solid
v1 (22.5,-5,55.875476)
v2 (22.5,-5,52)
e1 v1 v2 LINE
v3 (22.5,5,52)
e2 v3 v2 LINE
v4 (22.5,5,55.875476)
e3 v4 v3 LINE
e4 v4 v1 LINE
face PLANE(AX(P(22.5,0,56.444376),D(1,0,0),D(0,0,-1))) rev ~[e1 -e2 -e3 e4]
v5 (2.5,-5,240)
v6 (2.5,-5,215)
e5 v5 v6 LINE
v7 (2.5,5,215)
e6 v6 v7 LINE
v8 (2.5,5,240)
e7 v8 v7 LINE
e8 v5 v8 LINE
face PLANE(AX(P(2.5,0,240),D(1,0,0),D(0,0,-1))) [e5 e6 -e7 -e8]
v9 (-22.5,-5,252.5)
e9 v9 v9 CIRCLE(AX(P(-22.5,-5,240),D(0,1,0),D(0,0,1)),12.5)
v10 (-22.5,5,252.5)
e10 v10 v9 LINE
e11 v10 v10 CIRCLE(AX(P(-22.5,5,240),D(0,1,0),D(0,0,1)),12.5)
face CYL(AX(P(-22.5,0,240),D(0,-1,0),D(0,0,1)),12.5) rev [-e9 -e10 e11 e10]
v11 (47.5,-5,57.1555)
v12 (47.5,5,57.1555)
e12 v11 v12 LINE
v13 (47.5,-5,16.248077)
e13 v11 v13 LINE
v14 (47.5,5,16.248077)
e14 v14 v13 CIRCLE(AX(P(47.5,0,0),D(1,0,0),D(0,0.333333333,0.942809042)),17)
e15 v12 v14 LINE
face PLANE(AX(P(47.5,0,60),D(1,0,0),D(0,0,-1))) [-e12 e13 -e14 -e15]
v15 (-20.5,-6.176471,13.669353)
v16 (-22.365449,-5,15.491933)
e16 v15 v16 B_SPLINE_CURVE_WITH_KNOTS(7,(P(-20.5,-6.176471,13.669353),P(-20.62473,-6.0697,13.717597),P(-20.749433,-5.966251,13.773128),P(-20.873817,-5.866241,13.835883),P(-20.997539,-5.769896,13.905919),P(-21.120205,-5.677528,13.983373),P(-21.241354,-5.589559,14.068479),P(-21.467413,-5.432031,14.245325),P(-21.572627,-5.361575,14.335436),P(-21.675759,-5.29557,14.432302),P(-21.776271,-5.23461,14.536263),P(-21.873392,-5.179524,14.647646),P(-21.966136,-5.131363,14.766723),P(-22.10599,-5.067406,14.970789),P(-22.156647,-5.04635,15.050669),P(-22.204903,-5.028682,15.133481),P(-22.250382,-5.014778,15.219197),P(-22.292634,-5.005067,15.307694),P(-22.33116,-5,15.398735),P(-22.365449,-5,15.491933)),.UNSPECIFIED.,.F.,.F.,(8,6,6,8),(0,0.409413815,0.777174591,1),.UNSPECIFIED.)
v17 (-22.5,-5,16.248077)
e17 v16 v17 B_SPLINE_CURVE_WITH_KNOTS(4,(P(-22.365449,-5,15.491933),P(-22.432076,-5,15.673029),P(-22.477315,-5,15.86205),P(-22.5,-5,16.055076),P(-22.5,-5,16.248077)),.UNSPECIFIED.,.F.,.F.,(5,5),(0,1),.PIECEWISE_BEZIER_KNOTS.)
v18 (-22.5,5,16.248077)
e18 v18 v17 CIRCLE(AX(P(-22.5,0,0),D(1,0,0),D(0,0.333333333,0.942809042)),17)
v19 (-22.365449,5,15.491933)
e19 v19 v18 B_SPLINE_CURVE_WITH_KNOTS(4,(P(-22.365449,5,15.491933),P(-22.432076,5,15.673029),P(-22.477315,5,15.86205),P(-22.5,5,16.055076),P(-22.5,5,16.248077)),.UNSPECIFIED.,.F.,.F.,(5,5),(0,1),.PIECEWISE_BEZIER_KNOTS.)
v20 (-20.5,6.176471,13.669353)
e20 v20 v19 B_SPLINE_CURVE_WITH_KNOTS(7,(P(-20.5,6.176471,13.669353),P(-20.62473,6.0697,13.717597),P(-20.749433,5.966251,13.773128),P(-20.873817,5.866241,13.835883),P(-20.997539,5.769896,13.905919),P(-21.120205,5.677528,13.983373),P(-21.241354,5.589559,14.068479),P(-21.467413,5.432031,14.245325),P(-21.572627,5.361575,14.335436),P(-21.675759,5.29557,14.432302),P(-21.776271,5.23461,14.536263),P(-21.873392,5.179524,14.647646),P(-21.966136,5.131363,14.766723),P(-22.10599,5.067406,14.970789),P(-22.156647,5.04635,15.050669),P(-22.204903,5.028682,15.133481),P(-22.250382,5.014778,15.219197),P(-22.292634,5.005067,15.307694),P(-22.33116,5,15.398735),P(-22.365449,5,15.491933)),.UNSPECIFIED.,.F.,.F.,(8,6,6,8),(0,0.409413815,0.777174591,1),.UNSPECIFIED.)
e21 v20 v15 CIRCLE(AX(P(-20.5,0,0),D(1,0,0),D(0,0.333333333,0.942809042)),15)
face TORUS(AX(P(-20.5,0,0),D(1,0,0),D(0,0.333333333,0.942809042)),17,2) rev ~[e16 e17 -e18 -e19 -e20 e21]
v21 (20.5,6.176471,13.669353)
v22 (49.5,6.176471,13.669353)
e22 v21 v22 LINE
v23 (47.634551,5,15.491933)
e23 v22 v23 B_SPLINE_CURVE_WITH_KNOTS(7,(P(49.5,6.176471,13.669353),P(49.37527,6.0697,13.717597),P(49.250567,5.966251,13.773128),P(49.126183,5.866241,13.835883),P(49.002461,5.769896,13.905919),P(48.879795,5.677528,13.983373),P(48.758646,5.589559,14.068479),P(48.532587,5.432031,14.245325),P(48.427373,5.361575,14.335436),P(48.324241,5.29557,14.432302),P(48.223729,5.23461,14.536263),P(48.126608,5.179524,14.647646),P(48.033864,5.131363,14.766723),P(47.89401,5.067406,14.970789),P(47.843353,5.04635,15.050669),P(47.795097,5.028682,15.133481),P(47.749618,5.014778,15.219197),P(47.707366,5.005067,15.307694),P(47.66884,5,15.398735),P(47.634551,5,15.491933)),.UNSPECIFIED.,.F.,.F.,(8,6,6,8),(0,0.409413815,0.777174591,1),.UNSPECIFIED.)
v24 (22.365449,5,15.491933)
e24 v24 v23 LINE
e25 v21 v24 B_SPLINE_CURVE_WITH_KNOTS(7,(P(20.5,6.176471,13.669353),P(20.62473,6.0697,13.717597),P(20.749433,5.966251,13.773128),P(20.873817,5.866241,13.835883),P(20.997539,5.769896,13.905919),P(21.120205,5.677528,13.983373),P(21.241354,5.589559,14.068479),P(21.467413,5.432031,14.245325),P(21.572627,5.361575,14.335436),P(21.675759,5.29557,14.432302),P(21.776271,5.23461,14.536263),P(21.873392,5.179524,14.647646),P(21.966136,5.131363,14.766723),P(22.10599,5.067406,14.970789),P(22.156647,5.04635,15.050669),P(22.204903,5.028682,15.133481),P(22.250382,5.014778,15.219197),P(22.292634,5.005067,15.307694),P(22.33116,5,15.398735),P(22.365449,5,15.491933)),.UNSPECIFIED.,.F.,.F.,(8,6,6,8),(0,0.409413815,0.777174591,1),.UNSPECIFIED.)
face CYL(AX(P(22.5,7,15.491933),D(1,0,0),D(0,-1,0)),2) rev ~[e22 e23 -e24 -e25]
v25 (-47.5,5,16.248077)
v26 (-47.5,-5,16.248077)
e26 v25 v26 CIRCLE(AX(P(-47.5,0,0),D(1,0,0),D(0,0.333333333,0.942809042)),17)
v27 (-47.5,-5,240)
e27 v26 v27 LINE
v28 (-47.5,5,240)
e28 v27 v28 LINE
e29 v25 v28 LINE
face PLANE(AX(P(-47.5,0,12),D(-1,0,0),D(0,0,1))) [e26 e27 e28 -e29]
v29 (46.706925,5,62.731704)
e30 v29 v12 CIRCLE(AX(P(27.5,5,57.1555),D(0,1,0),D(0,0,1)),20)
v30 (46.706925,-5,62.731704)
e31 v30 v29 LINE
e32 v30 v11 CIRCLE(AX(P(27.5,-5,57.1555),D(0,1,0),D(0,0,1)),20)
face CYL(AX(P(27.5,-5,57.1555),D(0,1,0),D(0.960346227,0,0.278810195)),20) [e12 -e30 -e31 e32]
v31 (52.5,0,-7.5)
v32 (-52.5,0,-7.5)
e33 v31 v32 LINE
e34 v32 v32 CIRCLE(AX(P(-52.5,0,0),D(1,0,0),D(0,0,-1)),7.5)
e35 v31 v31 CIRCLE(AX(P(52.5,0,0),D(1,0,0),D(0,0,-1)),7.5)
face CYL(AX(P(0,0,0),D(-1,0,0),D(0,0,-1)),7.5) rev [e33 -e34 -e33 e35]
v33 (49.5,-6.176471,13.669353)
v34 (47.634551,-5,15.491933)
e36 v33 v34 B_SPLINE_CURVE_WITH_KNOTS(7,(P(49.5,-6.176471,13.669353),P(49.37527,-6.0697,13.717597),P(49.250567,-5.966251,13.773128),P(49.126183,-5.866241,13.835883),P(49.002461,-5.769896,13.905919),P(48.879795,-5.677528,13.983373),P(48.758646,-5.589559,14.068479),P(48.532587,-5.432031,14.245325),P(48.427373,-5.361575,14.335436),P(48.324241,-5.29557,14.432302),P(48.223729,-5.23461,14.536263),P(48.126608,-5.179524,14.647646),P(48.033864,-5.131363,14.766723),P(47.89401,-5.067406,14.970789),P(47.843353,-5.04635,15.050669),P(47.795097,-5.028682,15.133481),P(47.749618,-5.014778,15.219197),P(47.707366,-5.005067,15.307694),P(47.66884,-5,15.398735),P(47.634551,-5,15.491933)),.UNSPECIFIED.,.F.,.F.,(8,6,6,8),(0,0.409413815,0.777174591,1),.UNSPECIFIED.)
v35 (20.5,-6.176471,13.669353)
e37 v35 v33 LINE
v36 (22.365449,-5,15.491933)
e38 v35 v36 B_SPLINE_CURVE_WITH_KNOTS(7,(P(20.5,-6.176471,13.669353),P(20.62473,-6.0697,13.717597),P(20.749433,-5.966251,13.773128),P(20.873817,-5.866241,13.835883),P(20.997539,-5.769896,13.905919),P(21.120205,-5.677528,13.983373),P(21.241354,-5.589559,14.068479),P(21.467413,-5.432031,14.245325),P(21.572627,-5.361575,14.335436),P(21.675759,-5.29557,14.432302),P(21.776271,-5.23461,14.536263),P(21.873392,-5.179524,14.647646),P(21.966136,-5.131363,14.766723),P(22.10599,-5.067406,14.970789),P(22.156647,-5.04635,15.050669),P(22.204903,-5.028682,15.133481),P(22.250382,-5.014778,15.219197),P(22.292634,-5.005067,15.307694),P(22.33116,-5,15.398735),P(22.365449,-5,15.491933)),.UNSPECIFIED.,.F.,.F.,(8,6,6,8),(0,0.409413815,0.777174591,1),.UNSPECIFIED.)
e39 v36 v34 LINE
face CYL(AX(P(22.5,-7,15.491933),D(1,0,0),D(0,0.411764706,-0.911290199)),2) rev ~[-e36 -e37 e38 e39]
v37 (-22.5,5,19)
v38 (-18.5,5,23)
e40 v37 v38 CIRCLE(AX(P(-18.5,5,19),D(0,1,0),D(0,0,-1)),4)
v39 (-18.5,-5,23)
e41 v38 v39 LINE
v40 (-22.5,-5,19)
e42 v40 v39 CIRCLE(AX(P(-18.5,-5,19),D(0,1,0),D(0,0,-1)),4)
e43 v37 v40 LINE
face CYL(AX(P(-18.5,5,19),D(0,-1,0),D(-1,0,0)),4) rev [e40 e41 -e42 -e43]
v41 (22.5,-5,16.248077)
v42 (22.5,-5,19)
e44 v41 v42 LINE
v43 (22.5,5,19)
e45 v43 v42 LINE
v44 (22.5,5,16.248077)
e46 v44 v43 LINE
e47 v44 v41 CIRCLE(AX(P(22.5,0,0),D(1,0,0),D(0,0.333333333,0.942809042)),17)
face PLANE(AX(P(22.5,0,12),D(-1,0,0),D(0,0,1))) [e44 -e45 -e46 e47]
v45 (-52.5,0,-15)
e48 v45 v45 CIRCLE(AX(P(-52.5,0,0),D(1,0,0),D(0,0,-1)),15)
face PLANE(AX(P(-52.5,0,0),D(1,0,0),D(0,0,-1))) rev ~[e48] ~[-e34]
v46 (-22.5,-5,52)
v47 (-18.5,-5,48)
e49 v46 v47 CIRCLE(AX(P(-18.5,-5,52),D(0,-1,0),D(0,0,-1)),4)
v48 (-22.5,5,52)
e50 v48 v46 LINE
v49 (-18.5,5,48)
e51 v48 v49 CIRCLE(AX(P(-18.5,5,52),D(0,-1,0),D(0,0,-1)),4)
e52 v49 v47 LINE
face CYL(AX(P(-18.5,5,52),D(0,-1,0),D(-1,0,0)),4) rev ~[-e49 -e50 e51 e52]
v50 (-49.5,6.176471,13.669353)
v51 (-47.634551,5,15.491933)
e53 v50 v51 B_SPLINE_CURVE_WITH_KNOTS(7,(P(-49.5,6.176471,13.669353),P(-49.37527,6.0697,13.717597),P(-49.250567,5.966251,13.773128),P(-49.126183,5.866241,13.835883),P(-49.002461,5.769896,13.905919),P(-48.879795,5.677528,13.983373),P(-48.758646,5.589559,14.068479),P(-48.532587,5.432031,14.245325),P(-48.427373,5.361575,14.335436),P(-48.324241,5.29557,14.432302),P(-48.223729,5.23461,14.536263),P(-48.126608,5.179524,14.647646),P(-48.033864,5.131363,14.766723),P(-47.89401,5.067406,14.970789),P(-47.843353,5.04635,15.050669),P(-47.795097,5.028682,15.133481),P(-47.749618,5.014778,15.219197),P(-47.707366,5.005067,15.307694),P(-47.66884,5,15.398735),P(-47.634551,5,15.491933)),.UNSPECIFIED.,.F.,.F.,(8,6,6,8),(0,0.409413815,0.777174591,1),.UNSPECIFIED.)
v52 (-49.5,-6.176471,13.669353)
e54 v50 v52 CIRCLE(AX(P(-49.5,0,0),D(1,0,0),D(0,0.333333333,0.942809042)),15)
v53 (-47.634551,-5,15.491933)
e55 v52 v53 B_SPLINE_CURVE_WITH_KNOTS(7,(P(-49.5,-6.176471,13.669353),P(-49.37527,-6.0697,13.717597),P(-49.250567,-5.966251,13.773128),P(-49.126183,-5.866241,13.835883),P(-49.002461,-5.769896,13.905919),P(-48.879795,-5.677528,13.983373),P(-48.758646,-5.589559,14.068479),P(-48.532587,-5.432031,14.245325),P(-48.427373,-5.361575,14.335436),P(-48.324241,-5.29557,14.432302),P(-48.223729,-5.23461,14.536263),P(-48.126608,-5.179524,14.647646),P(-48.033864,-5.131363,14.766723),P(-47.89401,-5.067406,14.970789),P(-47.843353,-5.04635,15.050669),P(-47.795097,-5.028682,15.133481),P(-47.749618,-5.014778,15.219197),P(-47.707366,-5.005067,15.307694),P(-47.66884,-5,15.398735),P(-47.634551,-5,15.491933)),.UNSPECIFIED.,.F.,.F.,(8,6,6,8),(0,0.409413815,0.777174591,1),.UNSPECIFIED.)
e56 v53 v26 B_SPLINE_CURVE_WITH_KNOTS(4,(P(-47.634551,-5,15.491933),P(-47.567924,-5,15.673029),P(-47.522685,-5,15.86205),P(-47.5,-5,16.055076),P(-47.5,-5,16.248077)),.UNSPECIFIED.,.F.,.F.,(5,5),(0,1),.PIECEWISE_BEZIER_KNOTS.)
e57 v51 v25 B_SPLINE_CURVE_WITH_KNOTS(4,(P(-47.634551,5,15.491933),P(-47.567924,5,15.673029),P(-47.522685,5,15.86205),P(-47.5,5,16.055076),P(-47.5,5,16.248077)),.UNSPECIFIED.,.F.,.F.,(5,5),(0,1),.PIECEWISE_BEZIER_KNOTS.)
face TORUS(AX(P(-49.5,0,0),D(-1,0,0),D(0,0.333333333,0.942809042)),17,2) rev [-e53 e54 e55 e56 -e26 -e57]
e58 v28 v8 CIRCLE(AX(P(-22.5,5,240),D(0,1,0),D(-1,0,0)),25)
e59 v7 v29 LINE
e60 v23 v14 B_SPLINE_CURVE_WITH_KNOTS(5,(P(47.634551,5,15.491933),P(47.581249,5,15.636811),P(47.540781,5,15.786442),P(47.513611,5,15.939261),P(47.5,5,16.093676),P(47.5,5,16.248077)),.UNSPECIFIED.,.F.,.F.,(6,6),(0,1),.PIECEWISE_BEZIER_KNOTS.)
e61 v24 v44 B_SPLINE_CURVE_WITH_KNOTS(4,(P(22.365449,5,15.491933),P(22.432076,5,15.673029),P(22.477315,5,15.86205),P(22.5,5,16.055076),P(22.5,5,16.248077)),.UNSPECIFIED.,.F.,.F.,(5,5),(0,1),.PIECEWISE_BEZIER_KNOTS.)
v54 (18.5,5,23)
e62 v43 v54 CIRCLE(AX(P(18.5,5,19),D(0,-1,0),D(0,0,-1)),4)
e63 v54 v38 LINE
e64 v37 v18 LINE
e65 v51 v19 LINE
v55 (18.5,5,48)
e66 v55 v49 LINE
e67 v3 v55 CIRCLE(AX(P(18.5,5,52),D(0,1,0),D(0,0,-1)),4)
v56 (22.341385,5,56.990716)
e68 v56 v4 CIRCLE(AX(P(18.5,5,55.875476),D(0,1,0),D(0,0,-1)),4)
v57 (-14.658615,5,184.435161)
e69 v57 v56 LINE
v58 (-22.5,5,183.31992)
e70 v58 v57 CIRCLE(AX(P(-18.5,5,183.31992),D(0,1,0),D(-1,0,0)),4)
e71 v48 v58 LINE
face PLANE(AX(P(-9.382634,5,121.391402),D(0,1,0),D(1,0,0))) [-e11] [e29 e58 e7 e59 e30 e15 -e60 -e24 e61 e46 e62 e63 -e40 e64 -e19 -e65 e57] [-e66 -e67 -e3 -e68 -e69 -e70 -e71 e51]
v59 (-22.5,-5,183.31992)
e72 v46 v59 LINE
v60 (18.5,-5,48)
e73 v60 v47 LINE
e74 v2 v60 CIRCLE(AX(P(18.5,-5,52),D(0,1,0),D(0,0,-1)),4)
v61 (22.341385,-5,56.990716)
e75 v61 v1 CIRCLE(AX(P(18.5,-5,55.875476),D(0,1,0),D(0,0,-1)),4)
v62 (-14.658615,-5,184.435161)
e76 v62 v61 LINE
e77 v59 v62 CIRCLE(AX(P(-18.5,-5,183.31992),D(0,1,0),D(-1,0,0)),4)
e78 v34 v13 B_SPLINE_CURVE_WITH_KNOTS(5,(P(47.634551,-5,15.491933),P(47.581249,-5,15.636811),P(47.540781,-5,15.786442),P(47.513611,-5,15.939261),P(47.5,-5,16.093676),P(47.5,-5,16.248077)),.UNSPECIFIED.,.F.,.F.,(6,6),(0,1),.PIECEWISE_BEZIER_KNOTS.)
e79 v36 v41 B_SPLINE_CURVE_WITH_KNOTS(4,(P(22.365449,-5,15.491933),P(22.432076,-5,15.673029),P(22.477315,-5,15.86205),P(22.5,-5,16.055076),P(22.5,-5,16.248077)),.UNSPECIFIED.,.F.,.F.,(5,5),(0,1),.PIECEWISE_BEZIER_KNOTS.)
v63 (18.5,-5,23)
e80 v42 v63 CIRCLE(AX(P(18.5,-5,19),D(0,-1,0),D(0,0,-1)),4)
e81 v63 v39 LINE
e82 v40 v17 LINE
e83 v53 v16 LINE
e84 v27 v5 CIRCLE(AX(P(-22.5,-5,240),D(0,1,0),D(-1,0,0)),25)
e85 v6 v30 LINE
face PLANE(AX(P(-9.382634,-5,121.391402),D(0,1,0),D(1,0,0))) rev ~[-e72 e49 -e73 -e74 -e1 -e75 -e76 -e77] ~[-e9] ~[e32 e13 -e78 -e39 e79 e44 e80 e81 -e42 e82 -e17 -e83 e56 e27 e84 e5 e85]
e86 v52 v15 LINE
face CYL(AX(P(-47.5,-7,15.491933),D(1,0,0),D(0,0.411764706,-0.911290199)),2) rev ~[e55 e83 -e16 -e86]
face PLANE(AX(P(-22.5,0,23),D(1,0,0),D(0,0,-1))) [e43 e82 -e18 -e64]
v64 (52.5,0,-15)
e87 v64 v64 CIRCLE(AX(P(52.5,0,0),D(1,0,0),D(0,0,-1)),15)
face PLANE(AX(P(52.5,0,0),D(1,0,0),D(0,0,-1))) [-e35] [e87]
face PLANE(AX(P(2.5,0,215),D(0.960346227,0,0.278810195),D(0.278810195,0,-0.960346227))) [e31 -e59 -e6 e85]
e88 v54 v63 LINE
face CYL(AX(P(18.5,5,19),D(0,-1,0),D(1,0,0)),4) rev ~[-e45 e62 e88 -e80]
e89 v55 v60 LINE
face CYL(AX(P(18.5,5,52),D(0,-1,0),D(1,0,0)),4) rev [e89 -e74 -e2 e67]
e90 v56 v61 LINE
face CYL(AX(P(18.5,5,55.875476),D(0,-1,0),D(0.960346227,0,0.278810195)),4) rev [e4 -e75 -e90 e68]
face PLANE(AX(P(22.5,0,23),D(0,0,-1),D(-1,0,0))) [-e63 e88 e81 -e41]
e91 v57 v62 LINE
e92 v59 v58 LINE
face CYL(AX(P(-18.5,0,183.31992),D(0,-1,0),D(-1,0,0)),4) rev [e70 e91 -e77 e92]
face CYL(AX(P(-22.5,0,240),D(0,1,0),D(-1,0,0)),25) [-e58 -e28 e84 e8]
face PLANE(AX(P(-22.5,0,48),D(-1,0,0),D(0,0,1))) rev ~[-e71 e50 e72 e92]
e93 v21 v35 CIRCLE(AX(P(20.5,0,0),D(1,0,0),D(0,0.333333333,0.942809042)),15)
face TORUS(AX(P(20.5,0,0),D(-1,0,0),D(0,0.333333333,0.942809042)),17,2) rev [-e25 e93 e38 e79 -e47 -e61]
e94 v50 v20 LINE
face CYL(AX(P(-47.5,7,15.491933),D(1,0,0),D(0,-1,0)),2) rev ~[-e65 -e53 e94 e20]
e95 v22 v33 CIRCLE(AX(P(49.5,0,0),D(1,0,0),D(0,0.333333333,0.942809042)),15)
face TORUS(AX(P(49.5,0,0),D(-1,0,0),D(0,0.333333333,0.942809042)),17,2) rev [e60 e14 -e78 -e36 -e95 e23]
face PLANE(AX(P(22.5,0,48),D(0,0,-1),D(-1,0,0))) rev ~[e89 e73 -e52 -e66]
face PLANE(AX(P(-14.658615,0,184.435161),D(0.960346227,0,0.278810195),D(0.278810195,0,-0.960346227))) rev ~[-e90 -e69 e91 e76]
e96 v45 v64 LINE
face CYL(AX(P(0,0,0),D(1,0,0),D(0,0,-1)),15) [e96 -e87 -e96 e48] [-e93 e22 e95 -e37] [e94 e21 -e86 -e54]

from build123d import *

# Parameters (mm, degrees)
SKETCH_1_R      = 15
SKETCH_1_R_2    = 7.5
EXTRUDE_1_DEPTH = 52.5
SKETCH_2_R      = 12.5
EXTRUDE_2_DEPTH = 5
FILLET_1_R      = 4
FILLET_2_R      = 20
FILLET_3_R      = 2


with BuildPart() as part:
    # 스케치1 → 보스-돌출1 (new, symmetric)
    with BuildSketch(Plane(origin=(0, 0, 0), x_dir=(0, 0, -1), z_dir=(1, 0, 0))):
        Circle(SKETCH_1_R)
        Circle(SKETCH_1_R_2, mode=Mode.SUBTRACT)
    extrude(amount=EXTRUDE_1_DEPTH, both=True)

    # 스케치2 → 보스-돌출2 (add, symmetric)
    with BuildSketch(Plane(origin=(0, 0, 0), x_dir=(1, 0, 0), z_dir=(0, 1, 0))):
        with BuildLine():
            Line((-47.5, -12), (-47.5, -240))
            ThreePointArc((-47.5, -240), (-22.5, -265), (2.5, -240))
            Line((2.5, -240), (2.5, -215))
            Line((2.5, -215), (47.5, -60))
            Line((47.5, -60), (47.5, -12))
            Line((47.5, -12), (22.5, -12))
            Line((22.5, -12), (22.5, -23))
            Line((22.5, -23), (-22.5, -23))
            Line((-22.5, -23), (-22.5, -12))
            Line((-22.5, -12), (-47.5, -12))
        make_face()
        with Locations(Location((-22.5, -240, 0), (0, 0, 270))):
            Circle(SKETCH_2_R, mode=Mode.SUBTRACT)
        with BuildLine():
            Line((-14.658615093, -184.435160923), (22.5, -56.444375602))
            Line((22.5, -56.444375602), (22.5, -48))
            Line((22.5, -48), (-22.5, -48))
            Line((-22.5, -48), (-22.5, -183.319920143))
            ThreePointArc((-22.5, -183.319920143), (-19.063231911, -187.280067844), (-14.658615093, -184.435160923))
        make_face(mode=Mode.SUBTRACT)
    extrude(amount=EXTRUDE_2_DEPTH, both=True)

    # 필렛1
    fillet_1_edges = [part.edges().sort_by_distance(p)[0] for p in [
        (22.5, 0, 23),
        (-22.5, 0, 23),
        (22.5, 0, 48),
        (-22.5, 0, 48),
        (22.5, 0, 56.444375602),
    ]]
    fillet(fillet_1_edges, radius=FILLET_1_R)

    # 필렛2
    fillet_2_edges = [part.edges().sort_by_distance(p)[0] for p in [
        (47.5, 0, 60),
    ]]
    fillet(fillet_2_edges, radius=FILLET_2_R)

    # 필렛3
    fillet_3_edges = [part.edges().sort_by_distance(p)[0] for p in [
        (-47.5, 0, 15),
        (-35, -5, 14.142135624),
        (-35, 5, 14.142135624),
        (-22.5, 0, 15),
        (22.5, 0, 15),
        (35, -5, 14.142135624),
        (35, 5, 14.142135624),
        (47.5, 0, 15),
    ]]
    fillet(fillet_3_edges, radius=FILLET_3_R)


solid = part.part
